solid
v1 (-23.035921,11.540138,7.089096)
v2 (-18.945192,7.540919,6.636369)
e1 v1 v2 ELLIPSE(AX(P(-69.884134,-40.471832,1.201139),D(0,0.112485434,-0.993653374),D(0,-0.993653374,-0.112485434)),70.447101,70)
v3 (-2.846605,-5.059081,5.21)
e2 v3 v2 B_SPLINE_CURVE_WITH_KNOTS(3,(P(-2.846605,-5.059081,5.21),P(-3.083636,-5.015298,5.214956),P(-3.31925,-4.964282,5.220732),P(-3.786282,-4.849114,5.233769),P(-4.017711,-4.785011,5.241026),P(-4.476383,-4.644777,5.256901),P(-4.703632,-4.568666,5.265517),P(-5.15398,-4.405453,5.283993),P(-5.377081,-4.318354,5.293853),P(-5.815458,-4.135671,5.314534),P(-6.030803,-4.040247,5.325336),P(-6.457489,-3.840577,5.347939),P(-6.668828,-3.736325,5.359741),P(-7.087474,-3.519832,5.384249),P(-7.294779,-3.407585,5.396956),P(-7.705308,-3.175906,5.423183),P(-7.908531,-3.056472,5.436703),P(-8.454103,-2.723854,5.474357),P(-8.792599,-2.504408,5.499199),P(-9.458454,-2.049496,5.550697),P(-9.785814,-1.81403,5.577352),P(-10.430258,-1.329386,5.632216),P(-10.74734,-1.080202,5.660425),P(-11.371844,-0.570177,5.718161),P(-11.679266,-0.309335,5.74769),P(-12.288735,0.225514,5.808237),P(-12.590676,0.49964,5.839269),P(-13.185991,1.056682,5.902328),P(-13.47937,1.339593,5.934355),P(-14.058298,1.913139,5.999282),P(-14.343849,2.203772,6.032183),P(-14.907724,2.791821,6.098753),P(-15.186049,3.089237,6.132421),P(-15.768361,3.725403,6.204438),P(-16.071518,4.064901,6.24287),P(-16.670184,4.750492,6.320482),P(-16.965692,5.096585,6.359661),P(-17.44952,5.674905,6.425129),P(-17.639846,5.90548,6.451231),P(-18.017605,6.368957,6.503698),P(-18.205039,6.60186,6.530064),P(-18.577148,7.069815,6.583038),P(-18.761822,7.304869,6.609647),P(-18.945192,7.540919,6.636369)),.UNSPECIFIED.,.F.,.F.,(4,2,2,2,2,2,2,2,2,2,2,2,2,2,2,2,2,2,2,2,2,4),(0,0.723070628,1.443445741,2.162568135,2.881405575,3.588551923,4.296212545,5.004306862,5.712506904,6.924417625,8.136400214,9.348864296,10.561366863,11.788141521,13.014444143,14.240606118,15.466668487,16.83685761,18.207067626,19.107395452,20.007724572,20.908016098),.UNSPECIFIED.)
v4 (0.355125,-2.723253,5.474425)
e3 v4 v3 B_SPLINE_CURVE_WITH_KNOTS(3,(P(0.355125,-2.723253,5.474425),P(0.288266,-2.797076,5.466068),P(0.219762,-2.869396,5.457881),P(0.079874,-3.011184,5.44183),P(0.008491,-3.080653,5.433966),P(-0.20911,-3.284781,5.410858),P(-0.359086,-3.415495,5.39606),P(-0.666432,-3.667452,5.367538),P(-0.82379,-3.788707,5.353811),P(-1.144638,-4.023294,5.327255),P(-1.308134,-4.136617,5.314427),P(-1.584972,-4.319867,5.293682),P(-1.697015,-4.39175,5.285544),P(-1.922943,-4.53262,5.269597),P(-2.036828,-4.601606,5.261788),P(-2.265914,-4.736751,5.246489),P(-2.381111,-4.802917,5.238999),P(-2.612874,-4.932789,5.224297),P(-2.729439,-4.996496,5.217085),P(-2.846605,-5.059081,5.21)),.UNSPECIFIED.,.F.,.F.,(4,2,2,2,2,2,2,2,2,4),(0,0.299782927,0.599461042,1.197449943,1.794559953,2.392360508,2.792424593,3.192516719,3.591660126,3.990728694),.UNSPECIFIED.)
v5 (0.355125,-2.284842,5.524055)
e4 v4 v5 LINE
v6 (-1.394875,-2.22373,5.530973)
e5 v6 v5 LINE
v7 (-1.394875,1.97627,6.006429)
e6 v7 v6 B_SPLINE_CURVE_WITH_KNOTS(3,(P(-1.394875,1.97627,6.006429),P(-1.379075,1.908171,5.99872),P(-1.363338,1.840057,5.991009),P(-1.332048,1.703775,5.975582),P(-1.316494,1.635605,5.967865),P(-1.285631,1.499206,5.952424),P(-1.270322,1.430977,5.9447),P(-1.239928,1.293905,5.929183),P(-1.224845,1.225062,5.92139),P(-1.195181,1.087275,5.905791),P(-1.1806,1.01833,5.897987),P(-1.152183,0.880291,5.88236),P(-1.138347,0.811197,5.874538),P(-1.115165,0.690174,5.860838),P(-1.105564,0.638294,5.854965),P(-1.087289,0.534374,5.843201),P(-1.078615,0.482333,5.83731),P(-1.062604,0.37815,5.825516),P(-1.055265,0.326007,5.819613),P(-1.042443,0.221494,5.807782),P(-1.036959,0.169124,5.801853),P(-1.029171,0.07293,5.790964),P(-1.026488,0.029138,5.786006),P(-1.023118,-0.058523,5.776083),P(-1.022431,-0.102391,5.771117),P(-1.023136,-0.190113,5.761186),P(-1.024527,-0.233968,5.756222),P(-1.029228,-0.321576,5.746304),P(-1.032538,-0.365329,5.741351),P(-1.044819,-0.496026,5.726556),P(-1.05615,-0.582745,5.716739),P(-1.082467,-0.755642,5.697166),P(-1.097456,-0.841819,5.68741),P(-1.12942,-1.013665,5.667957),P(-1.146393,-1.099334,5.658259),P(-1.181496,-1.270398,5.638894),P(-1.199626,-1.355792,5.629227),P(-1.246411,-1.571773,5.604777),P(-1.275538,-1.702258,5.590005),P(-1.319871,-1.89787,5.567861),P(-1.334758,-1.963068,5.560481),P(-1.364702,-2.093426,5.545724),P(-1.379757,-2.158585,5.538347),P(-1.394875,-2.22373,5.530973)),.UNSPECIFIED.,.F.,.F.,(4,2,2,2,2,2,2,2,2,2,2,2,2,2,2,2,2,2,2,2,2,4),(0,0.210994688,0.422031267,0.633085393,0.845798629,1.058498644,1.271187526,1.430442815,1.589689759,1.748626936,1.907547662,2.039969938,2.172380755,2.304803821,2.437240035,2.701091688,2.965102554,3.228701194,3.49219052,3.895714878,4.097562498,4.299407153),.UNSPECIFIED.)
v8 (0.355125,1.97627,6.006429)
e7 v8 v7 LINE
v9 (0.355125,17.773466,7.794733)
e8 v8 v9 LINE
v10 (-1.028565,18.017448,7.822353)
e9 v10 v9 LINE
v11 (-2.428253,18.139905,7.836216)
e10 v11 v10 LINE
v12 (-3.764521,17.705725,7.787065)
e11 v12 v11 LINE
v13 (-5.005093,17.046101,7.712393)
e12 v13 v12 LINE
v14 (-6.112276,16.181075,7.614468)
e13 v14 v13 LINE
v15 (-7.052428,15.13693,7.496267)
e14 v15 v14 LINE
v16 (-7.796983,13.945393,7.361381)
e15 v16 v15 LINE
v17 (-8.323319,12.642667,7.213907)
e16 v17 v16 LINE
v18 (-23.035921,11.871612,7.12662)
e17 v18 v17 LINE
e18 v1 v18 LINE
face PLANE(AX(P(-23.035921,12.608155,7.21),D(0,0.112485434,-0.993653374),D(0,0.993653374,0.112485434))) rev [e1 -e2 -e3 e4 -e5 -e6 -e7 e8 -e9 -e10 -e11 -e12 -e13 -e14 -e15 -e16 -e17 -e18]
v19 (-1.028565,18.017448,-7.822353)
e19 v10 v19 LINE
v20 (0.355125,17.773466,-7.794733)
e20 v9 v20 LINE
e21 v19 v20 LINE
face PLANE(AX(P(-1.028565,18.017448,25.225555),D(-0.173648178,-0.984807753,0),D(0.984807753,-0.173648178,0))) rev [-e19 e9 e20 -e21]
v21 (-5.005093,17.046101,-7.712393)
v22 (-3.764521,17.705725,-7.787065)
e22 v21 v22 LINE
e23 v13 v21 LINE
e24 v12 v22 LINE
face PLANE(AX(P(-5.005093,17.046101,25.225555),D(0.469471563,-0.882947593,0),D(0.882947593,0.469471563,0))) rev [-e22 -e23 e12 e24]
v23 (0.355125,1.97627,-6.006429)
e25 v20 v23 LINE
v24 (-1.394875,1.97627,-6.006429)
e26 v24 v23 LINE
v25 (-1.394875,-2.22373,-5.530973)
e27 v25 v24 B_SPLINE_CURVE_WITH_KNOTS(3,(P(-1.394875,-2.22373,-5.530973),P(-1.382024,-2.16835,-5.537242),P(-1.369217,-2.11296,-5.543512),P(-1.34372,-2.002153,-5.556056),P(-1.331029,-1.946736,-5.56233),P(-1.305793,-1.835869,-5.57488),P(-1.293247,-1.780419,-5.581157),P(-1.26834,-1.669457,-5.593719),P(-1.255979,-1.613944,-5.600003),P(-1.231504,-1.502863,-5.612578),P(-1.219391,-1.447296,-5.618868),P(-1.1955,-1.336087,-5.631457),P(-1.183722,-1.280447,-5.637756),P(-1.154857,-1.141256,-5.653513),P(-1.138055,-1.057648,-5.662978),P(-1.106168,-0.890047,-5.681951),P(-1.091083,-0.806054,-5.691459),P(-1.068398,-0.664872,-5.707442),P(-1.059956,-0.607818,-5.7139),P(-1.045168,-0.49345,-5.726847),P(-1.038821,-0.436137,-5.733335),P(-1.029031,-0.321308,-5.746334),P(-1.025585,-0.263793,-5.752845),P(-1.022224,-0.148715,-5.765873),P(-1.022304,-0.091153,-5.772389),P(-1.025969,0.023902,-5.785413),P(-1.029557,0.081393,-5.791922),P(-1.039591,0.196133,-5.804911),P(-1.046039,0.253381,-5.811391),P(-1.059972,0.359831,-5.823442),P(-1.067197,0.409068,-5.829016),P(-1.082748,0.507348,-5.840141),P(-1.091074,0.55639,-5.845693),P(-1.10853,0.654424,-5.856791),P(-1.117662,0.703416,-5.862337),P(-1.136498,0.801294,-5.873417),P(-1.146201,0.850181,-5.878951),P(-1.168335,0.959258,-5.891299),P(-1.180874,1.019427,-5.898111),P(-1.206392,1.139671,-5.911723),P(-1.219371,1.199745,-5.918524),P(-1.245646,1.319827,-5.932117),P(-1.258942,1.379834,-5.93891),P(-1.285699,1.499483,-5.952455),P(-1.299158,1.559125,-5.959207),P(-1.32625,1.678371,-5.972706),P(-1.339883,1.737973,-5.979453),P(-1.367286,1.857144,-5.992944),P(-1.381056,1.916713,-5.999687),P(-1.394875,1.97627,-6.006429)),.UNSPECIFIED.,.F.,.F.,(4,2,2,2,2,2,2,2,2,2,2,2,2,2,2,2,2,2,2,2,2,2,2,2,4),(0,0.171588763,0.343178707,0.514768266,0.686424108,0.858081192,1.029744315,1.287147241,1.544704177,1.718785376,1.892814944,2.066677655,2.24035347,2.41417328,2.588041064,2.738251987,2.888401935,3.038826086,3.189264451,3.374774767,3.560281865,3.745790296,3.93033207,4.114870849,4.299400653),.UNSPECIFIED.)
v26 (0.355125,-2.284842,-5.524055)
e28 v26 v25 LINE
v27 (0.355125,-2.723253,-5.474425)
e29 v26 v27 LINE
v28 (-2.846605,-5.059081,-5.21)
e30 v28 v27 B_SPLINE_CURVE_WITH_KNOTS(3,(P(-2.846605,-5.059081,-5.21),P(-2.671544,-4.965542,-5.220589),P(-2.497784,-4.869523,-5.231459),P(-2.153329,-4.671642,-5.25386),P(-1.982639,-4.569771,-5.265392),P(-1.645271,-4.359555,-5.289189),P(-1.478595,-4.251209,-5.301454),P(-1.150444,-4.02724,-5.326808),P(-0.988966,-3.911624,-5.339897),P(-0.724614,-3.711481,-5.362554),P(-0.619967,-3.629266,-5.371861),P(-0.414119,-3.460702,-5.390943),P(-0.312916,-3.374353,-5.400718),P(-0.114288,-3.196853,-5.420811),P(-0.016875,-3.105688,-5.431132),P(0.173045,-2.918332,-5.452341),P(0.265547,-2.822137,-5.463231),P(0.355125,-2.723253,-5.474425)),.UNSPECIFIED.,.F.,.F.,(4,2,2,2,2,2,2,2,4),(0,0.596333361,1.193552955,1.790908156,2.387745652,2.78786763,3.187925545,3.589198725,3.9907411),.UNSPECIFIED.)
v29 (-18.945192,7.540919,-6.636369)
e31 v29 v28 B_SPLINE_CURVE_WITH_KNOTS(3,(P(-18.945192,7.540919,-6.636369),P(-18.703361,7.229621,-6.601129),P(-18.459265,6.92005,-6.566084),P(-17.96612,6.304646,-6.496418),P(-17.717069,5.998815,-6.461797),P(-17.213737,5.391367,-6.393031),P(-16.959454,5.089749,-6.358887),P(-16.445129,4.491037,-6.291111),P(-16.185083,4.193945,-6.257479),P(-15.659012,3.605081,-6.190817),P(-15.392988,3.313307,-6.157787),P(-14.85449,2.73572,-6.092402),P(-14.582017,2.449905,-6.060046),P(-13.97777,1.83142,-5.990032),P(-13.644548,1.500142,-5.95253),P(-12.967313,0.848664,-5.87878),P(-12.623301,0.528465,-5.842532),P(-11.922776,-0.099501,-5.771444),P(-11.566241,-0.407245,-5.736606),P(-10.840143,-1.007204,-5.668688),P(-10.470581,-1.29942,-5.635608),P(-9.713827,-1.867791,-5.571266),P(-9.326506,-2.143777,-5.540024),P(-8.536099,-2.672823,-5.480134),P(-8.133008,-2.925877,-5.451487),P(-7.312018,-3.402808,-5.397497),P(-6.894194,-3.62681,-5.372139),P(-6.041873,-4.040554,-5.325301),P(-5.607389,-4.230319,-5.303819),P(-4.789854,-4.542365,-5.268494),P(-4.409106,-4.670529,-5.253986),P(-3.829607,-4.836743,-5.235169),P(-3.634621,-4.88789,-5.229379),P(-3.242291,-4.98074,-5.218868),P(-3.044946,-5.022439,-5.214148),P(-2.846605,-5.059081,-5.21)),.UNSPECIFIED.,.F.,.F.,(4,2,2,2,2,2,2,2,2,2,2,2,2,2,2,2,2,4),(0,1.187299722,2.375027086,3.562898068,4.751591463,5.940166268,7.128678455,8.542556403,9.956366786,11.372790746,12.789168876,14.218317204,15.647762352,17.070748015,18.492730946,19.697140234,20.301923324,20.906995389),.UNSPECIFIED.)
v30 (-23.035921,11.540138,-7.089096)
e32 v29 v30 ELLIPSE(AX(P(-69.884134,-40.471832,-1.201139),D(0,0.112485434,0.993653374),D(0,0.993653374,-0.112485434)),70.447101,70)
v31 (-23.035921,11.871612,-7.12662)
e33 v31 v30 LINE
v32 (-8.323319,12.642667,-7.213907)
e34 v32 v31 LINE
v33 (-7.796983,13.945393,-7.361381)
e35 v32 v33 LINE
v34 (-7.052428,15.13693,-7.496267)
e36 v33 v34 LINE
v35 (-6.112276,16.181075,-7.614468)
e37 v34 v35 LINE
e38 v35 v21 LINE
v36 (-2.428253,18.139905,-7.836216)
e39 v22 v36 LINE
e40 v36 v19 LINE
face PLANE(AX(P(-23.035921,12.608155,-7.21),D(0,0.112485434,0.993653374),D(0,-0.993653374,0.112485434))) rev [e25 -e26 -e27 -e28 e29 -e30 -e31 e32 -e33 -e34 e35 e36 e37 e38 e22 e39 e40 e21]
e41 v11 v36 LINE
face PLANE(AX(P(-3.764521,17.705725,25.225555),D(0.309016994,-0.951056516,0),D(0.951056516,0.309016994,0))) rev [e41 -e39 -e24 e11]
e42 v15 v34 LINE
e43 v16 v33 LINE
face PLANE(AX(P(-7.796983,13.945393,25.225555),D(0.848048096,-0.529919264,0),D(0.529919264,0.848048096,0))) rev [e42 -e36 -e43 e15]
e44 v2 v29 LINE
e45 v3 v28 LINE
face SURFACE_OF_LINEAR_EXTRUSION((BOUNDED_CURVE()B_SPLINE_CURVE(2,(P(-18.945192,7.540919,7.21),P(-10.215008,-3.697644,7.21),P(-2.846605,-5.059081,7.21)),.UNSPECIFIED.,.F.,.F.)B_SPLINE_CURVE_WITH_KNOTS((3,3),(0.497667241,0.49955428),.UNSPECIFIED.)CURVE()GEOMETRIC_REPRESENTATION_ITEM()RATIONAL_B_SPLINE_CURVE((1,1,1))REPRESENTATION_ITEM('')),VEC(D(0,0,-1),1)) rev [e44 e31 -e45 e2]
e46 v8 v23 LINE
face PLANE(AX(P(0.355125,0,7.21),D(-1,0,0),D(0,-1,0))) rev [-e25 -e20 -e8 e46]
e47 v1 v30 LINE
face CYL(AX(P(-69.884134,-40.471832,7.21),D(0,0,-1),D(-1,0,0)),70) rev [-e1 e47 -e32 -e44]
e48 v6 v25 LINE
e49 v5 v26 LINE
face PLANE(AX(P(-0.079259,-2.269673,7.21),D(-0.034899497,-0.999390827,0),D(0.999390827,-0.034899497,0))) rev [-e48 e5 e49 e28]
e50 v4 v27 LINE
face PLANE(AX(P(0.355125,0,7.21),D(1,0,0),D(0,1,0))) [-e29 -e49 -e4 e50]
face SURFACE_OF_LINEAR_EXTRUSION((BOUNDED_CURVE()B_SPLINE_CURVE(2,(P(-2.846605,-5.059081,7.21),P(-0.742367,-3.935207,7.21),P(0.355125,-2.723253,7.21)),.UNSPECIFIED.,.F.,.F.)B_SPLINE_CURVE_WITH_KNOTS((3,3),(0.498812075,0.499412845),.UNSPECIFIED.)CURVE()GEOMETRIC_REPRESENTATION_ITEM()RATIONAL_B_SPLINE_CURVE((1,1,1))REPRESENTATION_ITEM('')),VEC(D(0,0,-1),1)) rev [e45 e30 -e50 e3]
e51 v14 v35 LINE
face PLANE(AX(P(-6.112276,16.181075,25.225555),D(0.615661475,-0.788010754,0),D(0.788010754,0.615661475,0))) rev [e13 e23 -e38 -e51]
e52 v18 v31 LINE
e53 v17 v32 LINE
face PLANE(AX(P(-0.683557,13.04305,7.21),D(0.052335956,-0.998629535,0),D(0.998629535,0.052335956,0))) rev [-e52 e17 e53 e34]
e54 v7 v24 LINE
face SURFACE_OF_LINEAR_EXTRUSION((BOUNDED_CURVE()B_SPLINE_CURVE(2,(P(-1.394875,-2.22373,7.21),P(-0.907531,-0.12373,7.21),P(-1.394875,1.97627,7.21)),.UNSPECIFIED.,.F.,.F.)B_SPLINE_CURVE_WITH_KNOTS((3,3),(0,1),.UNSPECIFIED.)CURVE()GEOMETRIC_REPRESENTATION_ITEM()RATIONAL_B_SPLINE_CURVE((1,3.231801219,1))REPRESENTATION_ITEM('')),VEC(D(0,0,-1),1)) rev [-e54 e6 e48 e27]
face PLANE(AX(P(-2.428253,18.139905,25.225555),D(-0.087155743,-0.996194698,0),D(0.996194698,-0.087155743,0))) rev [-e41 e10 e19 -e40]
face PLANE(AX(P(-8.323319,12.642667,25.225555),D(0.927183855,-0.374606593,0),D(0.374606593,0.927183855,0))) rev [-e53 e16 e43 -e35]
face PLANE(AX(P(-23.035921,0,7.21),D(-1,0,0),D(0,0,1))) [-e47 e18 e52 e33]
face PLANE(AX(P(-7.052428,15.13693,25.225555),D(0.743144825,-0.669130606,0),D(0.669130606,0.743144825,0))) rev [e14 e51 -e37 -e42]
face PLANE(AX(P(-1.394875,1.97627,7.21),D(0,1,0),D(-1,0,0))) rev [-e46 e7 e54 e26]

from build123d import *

# Parameters (mm, degrees)
SALIENTE_EXTRUIR1_DEPTH             = 7.21
SALIENTE_EXTRUIR2_DEPTH             = 7.21
SALIENTE_EXTRUIR2_DEPTH_BACK        = 7.21
CORTAR_EXTRUIR2_DEPTH               = 28.232395202
CORTAR_EXTRUIR2_DEPTH_BACK          = 28.232395202
SALIENTE_EXTRUIR3_REACH             = 29.232
SALIENTE_EXTRUIR3_DIRECTION_2_REACH = 29.232


with BuildPart() as part:
    # Croquis1 → Saliente-Extruir1 (new, symmetric)
    with BuildSketch(Plane.XY):
        with BuildLine():
            add(Edge.make_bspline(
                [(-18.945192114, 7.540918896), (-10.215008384, -3.697644103), (-2.846604825, -5.059081104)],
                knots=[0.497667241, 0.497667241, 0.497667241, 0.49955428, 0.49955428, 0.49955428], degree=2, weights=[1, 1, 1]))
            add(Edge.make_bspline(
                [(-2.846604825, -5.059081104), (-0.742366882, -3.9352066), (0.355125, -2.723253227)],
                knots=[0.498812075, 0.498812075, 0.498812075, 0.499412845, 0.499412845, 0.499412845], degree=2, weights=[1, 1, 1]))
            Line((0.355125, -2.723253227), (0.355125, -2.284841781))
            Line((0.355125, -2.284841781), (-1.394875, -2.223730435))
            add(Edge.make_bspline(
                [(-1.394875, -2.223730435), (-0.90753067, -0.123730435), (-1.394875, 1.976269565)],
                knots=[0, 0, 0, 1, 1, 1], degree=2, weights=[1, 3.231801219, 1]))
            Line((-1.394875, 1.976269565), (0.355125, 2.284841781))
            Line((0.355125, 2.284841781), (0.355125, 3.001549529))
            add(Edge.make_bspline(
                [(0.355125, 3.001549529), (-1.44872627, 6.058427314), (-6.994875026, 10.477389992)],
                knots=[0.500820705, 0.500820705, 0.500820705, 0.502013312, 0.502013312, 0.502013312], degree=2, weights=[1, 1, 1]))
            Line((-6.994875026, 10.477389992), (-8.981845695, 12.608155172))
            Line((-8.981845695, 12.608155172), (-23.035921146, 11.871612288))
            Line((-23.035921146, 11.871612288), (-23.035921146, 11.54013782))
            ThreePointArc((-23.035921146, 11.54013782), (-20.949684518, 9.582335705), (-18.945192114, 7.540918896))
        make_face()
    extrude(amount=SALIENTE_EXTRUIR1_DEPTH, both=True)

    # Croquis4 → Saliente-Extruir2 (add, two sides: drawn at the far end of the back side and taken through both)
    with BuildSketch(Plane.XY.offset(-SALIENTE_EXTRUIR2_DEPTH_BACK)):
        Polygon((-1.394875, 1.976269565), (0.355125, 2.284841781), (0.355125, 1.976269565), align=None)
    extrude(amount=SALIENTE_EXTRUIR2_DEPTH + SALIENTE_EXTRUIR2_DEPTH_BACK)

    # Croquis6 → Cortar-Extruir2 (cut, two sides: drawn at the far end of the back side and taken through both)
    with BuildSketch(Plane(origin=(0, 0, 0), x_dir=(0, 0, -1), z_dir=(1, 0, 0)).offset(-CORTAR_EXTRUIR2_DEPTH_BACK)):
        Polygon((7.21, 12.608155172), (7.21, -5.059081104), (5.21, -5.059081104), align=None)
        Polygon((-7.21, 12.608155172), (-7.21, -5.059081104), (-5.21, -5.059081104), align=None)
    extrude(amount=CORTAR_EXTRUIR2_DEPTH + CORTAR_EXTRUIR2_DEPTH_BACK, mode=Mode.SUBTRACT)

    # Saliente-Extruir3: up to this plane
    saliente_extruir3_end = Plane(origin=(-23.035921146, 12.608155172, 7.21), z_dir=(0, 0.1124854344122626, -0.9936533736897816))
    # Croquis8 → Saliente-Extruir3 (add, up to the surface)
    with BuildSketch(Plane.XY, mode=Mode.PRIVATE) as saliente_extruir3_sk1:
        with BuildLine():
            Line((0.355125, 3.001549529), (0.355125, 17.773466106))
            Line((0.355125, 17.773466106), (-1.028564504, 18.017447899))
            Line((-1.028564504, 18.017447899), (-2.428253067, 18.139904781))
            Line((-2.428253067, 18.139904781), (-3.764520897, 17.705725043))
            Line((-3.764520897, 17.705725043), (-5.005093297, 17.046100998))
            Line((-5.005093297, 17.046100998), (-6.1122761, 16.181074987))
            Line((-6.1122761, 16.181074987), (-7.052428119, 15.136930389))
            Line((-7.052428119, 15.136930389), (-7.796983309, 13.945393009))
            Line((-7.796983309, 13.945393009), (-8.323318739, 12.642667108))
            Line((-8.323318739, 12.642667108), (-9.726428332, 12.56913325))
            add(Edge.make_bspline(
                [(-9.726428332, 12.56913325), (-1.861127424, 6.757298639), (0.355125, 3.001549529)],
                knots=[0.500548048, 0.500548048, 0.500548048, 0.502013312, 0.502013312, 0.502013312], degree=2, weights=[1, 1, 1]))
        make_face()
    saliente_extruir3_tool1 = split(extrude(saliente_extruir3_sk1.sketch, amount=SALIENTE_EXTRUIR3_REACH, mode=Mode.PRIVATE), bisect_by=saliente_extruir3_end, keep=Keep.BOTH, mode=Mode.PRIVATE)
    add(saliente_extruir3_tool1.solids().sort_by_distance((-3.047394, 12.114755, 0))[0])

    # Saliente-Extruir3 direction 2: up to this plane
    saliente_extruir3_direction_2_end = Plane(origin=(-23.035921146, 12.608155172, -7.21), z_dir=(0, 0.1124854344122626, 0.9936533736897816))
    # Croquis8 → Saliente-Extruir3 direction 2 (add, up to the surface)
    with BuildSketch(Plane.XY, mode=Mode.PRIVATE) as saliente_extruir3_direction_2_sk1:
        with BuildLine():
            Line((0.355125, 3.001549529), (0.355125, 17.773466106))
            Line((0.355125, 17.773466106), (-1.028564504, 18.017447899))
            Line((-1.028564504, 18.017447899), (-2.428253067, 18.139904781))
            Line((-2.428253067, 18.139904781), (-3.764520897, 17.705725043))
            Line((-3.764520897, 17.705725043), (-5.005093297, 17.046100998))
            Line((-5.005093297, 17.046100998), (-6.1122761, 16.181074987))
            Line((-6.1122761, 16.181074987), (-7.052428119, 15.136930389))
            Line((-7.052428119, 15.136930389), (-7.796983309, 13.945393009))
            Line((-7.796983309, 13.945393009), (-8.323318739, 12.642667108))
            Line((-8.323318739, 12.642667108), (-9.726428332, 12.56913325))
            add(Edge.make_bspline(
                [(-9.726428332, 12.56913325), (-1.861127424, 6.757298639), (0.355125, 3.001549529)],
                knots=[0.500548048, 0.500548048, 0.500548048, 0.502013312, 0.502013312, 0.502013312], degree=2, weights=[1, 1, 1]))
        make_face()
    saliente_extruir3_direction_2_tool1 = split(extrude(saliente_extruir3_direction_2_sk1.sketch, amount=-SALIENTE_EXTRUIR3_DIRECTION_2_REACH, mode=Mode.PRIVATE), bisect_by=saliente_extruir3_direction_2_end, keep=Keep.BOTH, mode=Mode.PRIVATE)
    add(saliente_extruir3_direction_2_tool1.solids().sort_by_distance((-3.047394, 12.114755, 0))[0])


solid = part.part
